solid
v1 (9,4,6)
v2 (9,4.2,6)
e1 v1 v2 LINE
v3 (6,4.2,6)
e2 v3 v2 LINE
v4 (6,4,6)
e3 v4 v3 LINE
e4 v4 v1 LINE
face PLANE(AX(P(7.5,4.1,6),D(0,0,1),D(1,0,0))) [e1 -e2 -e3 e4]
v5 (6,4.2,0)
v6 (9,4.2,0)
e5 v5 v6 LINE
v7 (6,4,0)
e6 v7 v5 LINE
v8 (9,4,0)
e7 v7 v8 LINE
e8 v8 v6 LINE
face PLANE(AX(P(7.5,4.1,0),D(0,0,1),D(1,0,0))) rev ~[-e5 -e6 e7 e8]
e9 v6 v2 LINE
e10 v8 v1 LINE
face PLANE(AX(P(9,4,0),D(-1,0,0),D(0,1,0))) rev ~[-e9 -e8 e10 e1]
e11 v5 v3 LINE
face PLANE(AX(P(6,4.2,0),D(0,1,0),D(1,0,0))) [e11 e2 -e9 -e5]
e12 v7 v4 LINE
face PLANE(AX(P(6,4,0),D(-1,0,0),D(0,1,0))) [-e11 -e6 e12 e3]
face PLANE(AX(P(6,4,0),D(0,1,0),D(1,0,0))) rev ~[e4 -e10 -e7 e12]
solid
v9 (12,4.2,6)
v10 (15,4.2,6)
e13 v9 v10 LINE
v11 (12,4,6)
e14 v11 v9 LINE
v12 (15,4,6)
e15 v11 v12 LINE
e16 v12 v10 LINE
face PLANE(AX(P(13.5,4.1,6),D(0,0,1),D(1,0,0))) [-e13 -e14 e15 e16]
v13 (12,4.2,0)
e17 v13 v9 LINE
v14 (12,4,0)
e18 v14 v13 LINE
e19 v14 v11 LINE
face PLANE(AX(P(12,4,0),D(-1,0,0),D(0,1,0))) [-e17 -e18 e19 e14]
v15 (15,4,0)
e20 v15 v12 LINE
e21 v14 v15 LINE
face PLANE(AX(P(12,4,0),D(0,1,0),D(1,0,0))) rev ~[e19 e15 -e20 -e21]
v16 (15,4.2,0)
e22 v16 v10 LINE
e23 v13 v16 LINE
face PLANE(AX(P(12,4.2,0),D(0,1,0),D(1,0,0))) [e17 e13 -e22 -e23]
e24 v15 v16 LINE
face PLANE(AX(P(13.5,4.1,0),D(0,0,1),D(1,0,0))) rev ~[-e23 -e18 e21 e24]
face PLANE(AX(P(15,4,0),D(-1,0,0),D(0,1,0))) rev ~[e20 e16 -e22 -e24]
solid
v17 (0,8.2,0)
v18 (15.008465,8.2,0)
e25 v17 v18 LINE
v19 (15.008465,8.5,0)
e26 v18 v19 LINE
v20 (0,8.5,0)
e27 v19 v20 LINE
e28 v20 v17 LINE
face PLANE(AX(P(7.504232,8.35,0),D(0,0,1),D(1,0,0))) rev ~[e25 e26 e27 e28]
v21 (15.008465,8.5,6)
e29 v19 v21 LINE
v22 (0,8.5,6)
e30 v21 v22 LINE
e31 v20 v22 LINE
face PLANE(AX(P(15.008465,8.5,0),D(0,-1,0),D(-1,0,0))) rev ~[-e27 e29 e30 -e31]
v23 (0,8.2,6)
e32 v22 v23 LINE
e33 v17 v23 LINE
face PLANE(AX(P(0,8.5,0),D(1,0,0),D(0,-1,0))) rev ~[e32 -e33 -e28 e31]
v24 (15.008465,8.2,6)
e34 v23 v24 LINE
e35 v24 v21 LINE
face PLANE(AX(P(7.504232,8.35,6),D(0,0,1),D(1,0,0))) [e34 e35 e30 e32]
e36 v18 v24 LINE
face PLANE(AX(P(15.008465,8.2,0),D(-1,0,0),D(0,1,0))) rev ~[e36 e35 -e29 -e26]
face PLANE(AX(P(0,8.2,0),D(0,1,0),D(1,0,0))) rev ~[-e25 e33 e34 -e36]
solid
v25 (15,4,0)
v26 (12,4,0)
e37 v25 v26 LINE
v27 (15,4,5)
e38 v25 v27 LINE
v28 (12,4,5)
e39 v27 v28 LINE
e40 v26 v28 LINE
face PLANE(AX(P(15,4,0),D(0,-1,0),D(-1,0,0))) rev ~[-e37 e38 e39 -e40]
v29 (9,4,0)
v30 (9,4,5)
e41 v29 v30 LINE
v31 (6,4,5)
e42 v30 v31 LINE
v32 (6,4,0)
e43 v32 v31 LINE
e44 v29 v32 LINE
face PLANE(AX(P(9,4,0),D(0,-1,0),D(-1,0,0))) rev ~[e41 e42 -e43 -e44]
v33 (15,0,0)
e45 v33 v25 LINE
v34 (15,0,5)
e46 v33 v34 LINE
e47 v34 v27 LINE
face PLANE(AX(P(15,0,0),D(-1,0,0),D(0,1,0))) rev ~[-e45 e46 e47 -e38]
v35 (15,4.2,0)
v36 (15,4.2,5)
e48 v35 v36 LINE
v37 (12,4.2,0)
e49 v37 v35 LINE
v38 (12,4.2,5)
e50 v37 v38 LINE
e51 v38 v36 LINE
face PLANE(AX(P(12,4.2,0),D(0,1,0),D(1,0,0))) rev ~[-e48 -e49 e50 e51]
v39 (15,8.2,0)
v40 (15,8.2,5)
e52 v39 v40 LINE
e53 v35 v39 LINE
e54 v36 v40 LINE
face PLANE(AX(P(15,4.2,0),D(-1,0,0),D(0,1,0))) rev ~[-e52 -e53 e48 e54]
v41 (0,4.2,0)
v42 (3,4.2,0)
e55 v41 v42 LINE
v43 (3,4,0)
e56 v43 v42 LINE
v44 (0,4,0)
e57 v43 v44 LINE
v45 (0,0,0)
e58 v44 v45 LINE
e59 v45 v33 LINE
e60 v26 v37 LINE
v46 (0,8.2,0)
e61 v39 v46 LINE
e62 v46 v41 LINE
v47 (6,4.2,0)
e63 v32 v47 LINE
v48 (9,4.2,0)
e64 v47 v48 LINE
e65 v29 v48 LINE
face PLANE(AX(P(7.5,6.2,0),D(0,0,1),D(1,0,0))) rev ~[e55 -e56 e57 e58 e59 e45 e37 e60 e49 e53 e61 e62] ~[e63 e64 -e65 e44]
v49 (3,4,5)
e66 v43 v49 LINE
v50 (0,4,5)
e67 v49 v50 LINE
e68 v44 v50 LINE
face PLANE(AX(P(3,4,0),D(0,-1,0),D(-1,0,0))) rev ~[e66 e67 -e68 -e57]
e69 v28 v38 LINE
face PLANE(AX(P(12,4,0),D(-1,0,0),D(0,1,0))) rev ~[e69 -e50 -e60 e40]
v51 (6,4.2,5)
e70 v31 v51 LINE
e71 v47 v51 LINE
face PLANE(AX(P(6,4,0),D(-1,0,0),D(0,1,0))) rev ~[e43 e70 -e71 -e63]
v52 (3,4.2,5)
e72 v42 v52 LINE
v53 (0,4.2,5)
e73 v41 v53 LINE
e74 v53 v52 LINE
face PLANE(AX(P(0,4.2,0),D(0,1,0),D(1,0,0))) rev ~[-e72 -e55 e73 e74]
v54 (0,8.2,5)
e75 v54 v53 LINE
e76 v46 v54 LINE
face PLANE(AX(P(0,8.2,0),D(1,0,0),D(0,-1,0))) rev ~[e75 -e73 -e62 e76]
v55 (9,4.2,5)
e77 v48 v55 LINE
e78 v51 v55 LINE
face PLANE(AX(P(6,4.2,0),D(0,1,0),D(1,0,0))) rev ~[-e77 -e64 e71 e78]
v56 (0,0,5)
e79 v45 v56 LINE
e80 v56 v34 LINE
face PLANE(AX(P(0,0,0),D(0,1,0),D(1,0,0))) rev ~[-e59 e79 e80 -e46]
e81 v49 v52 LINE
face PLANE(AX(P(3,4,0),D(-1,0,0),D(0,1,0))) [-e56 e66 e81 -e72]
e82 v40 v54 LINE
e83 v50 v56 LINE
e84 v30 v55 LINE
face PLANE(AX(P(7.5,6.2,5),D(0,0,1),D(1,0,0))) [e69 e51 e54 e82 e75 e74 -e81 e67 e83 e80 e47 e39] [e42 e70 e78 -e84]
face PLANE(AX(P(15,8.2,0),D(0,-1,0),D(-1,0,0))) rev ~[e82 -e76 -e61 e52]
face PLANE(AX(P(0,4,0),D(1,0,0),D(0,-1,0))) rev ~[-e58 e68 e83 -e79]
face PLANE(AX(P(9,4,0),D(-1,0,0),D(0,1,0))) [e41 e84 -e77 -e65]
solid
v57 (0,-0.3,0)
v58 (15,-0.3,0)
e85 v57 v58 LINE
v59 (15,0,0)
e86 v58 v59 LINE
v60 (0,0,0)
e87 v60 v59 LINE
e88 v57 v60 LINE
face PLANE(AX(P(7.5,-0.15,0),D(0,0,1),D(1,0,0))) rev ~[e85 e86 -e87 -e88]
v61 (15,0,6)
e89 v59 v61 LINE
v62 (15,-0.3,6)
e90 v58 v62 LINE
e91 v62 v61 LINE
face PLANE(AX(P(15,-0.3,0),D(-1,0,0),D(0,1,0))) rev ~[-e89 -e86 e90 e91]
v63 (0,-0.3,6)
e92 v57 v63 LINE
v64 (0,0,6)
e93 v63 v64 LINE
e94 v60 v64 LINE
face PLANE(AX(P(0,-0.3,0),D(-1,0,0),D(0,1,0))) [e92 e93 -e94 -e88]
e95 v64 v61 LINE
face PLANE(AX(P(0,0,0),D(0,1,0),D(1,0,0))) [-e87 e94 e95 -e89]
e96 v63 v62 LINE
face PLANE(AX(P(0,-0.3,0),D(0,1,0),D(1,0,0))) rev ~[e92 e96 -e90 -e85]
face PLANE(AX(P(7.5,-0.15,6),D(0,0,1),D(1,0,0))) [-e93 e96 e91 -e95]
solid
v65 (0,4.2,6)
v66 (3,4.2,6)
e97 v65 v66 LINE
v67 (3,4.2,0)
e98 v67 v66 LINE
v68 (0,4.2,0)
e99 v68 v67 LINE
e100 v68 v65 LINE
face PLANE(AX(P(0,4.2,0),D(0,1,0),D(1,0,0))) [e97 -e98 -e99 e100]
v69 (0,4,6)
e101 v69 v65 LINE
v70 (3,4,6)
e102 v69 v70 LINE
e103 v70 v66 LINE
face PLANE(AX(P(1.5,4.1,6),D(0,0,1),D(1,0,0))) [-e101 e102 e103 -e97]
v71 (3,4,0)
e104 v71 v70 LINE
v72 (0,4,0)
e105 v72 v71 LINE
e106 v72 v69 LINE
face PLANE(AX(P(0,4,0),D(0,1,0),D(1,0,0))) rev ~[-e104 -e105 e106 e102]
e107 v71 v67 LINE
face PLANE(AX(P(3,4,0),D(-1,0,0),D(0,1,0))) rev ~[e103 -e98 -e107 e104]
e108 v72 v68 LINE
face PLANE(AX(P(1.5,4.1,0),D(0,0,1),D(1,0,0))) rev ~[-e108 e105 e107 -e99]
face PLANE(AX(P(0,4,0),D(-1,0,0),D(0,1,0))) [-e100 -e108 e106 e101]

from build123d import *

# Parameters (mm, degrees)
F0_W     = 3
F0_H     = 0.2
F1_DEPTH = 5
F0_W_2   = 15
F0_H_2   = 0.3
F2_DEPTH = 6


with BuildPart() as f1:
    # F0 (on Top) → F1 (new body)
    with BuildSketch(Plane.XY):
        Polygon((0, 8.2), (0, 4.2), (3, 4.2), (6, 4.2), (9, 4.2), (12, 4.2), (15, 4.2), (15, 8.2), align=None)
        with Locations((4.5, 4.1)):
            Rectangle(F0_W, F0_H)
        Polygon((3, 4), (0, 4), (0, 0), (15, 0), (15, 4), (12, 4), (9, 4), (6, 4), align=None)
        with Locations((10.5, 4.1)):
            Rectangle(F0_W, F0_H)
    extrude(amount=F1_DEPTH)


with BuildPart() as f2:
    # F0 (on Top) → F2 (new body)
    with BuildSketch(Plane.XY):
        Polygon((0, 8.5), (0, 8.2), (15, 8.2), (15.008465, 8.2), (15.008465, 8.5), align=None)
        with Locations((1.5, 4.1)):
            Rectangle(F0_W, F0_H)
        with Locations((7.5, 4.1)):
            Rectangle(F0_W, F0_H)
        with Locations((13.5, 4.1)):
            Rectangle(F0_W, F0_H)
        with Locations((7.5, -0.15)):
            Rectangle(F0_W_2, F0_H_2)
    extrude(amount=F2_DEPTH)


solid = Compound([f1.part, f2.part])
